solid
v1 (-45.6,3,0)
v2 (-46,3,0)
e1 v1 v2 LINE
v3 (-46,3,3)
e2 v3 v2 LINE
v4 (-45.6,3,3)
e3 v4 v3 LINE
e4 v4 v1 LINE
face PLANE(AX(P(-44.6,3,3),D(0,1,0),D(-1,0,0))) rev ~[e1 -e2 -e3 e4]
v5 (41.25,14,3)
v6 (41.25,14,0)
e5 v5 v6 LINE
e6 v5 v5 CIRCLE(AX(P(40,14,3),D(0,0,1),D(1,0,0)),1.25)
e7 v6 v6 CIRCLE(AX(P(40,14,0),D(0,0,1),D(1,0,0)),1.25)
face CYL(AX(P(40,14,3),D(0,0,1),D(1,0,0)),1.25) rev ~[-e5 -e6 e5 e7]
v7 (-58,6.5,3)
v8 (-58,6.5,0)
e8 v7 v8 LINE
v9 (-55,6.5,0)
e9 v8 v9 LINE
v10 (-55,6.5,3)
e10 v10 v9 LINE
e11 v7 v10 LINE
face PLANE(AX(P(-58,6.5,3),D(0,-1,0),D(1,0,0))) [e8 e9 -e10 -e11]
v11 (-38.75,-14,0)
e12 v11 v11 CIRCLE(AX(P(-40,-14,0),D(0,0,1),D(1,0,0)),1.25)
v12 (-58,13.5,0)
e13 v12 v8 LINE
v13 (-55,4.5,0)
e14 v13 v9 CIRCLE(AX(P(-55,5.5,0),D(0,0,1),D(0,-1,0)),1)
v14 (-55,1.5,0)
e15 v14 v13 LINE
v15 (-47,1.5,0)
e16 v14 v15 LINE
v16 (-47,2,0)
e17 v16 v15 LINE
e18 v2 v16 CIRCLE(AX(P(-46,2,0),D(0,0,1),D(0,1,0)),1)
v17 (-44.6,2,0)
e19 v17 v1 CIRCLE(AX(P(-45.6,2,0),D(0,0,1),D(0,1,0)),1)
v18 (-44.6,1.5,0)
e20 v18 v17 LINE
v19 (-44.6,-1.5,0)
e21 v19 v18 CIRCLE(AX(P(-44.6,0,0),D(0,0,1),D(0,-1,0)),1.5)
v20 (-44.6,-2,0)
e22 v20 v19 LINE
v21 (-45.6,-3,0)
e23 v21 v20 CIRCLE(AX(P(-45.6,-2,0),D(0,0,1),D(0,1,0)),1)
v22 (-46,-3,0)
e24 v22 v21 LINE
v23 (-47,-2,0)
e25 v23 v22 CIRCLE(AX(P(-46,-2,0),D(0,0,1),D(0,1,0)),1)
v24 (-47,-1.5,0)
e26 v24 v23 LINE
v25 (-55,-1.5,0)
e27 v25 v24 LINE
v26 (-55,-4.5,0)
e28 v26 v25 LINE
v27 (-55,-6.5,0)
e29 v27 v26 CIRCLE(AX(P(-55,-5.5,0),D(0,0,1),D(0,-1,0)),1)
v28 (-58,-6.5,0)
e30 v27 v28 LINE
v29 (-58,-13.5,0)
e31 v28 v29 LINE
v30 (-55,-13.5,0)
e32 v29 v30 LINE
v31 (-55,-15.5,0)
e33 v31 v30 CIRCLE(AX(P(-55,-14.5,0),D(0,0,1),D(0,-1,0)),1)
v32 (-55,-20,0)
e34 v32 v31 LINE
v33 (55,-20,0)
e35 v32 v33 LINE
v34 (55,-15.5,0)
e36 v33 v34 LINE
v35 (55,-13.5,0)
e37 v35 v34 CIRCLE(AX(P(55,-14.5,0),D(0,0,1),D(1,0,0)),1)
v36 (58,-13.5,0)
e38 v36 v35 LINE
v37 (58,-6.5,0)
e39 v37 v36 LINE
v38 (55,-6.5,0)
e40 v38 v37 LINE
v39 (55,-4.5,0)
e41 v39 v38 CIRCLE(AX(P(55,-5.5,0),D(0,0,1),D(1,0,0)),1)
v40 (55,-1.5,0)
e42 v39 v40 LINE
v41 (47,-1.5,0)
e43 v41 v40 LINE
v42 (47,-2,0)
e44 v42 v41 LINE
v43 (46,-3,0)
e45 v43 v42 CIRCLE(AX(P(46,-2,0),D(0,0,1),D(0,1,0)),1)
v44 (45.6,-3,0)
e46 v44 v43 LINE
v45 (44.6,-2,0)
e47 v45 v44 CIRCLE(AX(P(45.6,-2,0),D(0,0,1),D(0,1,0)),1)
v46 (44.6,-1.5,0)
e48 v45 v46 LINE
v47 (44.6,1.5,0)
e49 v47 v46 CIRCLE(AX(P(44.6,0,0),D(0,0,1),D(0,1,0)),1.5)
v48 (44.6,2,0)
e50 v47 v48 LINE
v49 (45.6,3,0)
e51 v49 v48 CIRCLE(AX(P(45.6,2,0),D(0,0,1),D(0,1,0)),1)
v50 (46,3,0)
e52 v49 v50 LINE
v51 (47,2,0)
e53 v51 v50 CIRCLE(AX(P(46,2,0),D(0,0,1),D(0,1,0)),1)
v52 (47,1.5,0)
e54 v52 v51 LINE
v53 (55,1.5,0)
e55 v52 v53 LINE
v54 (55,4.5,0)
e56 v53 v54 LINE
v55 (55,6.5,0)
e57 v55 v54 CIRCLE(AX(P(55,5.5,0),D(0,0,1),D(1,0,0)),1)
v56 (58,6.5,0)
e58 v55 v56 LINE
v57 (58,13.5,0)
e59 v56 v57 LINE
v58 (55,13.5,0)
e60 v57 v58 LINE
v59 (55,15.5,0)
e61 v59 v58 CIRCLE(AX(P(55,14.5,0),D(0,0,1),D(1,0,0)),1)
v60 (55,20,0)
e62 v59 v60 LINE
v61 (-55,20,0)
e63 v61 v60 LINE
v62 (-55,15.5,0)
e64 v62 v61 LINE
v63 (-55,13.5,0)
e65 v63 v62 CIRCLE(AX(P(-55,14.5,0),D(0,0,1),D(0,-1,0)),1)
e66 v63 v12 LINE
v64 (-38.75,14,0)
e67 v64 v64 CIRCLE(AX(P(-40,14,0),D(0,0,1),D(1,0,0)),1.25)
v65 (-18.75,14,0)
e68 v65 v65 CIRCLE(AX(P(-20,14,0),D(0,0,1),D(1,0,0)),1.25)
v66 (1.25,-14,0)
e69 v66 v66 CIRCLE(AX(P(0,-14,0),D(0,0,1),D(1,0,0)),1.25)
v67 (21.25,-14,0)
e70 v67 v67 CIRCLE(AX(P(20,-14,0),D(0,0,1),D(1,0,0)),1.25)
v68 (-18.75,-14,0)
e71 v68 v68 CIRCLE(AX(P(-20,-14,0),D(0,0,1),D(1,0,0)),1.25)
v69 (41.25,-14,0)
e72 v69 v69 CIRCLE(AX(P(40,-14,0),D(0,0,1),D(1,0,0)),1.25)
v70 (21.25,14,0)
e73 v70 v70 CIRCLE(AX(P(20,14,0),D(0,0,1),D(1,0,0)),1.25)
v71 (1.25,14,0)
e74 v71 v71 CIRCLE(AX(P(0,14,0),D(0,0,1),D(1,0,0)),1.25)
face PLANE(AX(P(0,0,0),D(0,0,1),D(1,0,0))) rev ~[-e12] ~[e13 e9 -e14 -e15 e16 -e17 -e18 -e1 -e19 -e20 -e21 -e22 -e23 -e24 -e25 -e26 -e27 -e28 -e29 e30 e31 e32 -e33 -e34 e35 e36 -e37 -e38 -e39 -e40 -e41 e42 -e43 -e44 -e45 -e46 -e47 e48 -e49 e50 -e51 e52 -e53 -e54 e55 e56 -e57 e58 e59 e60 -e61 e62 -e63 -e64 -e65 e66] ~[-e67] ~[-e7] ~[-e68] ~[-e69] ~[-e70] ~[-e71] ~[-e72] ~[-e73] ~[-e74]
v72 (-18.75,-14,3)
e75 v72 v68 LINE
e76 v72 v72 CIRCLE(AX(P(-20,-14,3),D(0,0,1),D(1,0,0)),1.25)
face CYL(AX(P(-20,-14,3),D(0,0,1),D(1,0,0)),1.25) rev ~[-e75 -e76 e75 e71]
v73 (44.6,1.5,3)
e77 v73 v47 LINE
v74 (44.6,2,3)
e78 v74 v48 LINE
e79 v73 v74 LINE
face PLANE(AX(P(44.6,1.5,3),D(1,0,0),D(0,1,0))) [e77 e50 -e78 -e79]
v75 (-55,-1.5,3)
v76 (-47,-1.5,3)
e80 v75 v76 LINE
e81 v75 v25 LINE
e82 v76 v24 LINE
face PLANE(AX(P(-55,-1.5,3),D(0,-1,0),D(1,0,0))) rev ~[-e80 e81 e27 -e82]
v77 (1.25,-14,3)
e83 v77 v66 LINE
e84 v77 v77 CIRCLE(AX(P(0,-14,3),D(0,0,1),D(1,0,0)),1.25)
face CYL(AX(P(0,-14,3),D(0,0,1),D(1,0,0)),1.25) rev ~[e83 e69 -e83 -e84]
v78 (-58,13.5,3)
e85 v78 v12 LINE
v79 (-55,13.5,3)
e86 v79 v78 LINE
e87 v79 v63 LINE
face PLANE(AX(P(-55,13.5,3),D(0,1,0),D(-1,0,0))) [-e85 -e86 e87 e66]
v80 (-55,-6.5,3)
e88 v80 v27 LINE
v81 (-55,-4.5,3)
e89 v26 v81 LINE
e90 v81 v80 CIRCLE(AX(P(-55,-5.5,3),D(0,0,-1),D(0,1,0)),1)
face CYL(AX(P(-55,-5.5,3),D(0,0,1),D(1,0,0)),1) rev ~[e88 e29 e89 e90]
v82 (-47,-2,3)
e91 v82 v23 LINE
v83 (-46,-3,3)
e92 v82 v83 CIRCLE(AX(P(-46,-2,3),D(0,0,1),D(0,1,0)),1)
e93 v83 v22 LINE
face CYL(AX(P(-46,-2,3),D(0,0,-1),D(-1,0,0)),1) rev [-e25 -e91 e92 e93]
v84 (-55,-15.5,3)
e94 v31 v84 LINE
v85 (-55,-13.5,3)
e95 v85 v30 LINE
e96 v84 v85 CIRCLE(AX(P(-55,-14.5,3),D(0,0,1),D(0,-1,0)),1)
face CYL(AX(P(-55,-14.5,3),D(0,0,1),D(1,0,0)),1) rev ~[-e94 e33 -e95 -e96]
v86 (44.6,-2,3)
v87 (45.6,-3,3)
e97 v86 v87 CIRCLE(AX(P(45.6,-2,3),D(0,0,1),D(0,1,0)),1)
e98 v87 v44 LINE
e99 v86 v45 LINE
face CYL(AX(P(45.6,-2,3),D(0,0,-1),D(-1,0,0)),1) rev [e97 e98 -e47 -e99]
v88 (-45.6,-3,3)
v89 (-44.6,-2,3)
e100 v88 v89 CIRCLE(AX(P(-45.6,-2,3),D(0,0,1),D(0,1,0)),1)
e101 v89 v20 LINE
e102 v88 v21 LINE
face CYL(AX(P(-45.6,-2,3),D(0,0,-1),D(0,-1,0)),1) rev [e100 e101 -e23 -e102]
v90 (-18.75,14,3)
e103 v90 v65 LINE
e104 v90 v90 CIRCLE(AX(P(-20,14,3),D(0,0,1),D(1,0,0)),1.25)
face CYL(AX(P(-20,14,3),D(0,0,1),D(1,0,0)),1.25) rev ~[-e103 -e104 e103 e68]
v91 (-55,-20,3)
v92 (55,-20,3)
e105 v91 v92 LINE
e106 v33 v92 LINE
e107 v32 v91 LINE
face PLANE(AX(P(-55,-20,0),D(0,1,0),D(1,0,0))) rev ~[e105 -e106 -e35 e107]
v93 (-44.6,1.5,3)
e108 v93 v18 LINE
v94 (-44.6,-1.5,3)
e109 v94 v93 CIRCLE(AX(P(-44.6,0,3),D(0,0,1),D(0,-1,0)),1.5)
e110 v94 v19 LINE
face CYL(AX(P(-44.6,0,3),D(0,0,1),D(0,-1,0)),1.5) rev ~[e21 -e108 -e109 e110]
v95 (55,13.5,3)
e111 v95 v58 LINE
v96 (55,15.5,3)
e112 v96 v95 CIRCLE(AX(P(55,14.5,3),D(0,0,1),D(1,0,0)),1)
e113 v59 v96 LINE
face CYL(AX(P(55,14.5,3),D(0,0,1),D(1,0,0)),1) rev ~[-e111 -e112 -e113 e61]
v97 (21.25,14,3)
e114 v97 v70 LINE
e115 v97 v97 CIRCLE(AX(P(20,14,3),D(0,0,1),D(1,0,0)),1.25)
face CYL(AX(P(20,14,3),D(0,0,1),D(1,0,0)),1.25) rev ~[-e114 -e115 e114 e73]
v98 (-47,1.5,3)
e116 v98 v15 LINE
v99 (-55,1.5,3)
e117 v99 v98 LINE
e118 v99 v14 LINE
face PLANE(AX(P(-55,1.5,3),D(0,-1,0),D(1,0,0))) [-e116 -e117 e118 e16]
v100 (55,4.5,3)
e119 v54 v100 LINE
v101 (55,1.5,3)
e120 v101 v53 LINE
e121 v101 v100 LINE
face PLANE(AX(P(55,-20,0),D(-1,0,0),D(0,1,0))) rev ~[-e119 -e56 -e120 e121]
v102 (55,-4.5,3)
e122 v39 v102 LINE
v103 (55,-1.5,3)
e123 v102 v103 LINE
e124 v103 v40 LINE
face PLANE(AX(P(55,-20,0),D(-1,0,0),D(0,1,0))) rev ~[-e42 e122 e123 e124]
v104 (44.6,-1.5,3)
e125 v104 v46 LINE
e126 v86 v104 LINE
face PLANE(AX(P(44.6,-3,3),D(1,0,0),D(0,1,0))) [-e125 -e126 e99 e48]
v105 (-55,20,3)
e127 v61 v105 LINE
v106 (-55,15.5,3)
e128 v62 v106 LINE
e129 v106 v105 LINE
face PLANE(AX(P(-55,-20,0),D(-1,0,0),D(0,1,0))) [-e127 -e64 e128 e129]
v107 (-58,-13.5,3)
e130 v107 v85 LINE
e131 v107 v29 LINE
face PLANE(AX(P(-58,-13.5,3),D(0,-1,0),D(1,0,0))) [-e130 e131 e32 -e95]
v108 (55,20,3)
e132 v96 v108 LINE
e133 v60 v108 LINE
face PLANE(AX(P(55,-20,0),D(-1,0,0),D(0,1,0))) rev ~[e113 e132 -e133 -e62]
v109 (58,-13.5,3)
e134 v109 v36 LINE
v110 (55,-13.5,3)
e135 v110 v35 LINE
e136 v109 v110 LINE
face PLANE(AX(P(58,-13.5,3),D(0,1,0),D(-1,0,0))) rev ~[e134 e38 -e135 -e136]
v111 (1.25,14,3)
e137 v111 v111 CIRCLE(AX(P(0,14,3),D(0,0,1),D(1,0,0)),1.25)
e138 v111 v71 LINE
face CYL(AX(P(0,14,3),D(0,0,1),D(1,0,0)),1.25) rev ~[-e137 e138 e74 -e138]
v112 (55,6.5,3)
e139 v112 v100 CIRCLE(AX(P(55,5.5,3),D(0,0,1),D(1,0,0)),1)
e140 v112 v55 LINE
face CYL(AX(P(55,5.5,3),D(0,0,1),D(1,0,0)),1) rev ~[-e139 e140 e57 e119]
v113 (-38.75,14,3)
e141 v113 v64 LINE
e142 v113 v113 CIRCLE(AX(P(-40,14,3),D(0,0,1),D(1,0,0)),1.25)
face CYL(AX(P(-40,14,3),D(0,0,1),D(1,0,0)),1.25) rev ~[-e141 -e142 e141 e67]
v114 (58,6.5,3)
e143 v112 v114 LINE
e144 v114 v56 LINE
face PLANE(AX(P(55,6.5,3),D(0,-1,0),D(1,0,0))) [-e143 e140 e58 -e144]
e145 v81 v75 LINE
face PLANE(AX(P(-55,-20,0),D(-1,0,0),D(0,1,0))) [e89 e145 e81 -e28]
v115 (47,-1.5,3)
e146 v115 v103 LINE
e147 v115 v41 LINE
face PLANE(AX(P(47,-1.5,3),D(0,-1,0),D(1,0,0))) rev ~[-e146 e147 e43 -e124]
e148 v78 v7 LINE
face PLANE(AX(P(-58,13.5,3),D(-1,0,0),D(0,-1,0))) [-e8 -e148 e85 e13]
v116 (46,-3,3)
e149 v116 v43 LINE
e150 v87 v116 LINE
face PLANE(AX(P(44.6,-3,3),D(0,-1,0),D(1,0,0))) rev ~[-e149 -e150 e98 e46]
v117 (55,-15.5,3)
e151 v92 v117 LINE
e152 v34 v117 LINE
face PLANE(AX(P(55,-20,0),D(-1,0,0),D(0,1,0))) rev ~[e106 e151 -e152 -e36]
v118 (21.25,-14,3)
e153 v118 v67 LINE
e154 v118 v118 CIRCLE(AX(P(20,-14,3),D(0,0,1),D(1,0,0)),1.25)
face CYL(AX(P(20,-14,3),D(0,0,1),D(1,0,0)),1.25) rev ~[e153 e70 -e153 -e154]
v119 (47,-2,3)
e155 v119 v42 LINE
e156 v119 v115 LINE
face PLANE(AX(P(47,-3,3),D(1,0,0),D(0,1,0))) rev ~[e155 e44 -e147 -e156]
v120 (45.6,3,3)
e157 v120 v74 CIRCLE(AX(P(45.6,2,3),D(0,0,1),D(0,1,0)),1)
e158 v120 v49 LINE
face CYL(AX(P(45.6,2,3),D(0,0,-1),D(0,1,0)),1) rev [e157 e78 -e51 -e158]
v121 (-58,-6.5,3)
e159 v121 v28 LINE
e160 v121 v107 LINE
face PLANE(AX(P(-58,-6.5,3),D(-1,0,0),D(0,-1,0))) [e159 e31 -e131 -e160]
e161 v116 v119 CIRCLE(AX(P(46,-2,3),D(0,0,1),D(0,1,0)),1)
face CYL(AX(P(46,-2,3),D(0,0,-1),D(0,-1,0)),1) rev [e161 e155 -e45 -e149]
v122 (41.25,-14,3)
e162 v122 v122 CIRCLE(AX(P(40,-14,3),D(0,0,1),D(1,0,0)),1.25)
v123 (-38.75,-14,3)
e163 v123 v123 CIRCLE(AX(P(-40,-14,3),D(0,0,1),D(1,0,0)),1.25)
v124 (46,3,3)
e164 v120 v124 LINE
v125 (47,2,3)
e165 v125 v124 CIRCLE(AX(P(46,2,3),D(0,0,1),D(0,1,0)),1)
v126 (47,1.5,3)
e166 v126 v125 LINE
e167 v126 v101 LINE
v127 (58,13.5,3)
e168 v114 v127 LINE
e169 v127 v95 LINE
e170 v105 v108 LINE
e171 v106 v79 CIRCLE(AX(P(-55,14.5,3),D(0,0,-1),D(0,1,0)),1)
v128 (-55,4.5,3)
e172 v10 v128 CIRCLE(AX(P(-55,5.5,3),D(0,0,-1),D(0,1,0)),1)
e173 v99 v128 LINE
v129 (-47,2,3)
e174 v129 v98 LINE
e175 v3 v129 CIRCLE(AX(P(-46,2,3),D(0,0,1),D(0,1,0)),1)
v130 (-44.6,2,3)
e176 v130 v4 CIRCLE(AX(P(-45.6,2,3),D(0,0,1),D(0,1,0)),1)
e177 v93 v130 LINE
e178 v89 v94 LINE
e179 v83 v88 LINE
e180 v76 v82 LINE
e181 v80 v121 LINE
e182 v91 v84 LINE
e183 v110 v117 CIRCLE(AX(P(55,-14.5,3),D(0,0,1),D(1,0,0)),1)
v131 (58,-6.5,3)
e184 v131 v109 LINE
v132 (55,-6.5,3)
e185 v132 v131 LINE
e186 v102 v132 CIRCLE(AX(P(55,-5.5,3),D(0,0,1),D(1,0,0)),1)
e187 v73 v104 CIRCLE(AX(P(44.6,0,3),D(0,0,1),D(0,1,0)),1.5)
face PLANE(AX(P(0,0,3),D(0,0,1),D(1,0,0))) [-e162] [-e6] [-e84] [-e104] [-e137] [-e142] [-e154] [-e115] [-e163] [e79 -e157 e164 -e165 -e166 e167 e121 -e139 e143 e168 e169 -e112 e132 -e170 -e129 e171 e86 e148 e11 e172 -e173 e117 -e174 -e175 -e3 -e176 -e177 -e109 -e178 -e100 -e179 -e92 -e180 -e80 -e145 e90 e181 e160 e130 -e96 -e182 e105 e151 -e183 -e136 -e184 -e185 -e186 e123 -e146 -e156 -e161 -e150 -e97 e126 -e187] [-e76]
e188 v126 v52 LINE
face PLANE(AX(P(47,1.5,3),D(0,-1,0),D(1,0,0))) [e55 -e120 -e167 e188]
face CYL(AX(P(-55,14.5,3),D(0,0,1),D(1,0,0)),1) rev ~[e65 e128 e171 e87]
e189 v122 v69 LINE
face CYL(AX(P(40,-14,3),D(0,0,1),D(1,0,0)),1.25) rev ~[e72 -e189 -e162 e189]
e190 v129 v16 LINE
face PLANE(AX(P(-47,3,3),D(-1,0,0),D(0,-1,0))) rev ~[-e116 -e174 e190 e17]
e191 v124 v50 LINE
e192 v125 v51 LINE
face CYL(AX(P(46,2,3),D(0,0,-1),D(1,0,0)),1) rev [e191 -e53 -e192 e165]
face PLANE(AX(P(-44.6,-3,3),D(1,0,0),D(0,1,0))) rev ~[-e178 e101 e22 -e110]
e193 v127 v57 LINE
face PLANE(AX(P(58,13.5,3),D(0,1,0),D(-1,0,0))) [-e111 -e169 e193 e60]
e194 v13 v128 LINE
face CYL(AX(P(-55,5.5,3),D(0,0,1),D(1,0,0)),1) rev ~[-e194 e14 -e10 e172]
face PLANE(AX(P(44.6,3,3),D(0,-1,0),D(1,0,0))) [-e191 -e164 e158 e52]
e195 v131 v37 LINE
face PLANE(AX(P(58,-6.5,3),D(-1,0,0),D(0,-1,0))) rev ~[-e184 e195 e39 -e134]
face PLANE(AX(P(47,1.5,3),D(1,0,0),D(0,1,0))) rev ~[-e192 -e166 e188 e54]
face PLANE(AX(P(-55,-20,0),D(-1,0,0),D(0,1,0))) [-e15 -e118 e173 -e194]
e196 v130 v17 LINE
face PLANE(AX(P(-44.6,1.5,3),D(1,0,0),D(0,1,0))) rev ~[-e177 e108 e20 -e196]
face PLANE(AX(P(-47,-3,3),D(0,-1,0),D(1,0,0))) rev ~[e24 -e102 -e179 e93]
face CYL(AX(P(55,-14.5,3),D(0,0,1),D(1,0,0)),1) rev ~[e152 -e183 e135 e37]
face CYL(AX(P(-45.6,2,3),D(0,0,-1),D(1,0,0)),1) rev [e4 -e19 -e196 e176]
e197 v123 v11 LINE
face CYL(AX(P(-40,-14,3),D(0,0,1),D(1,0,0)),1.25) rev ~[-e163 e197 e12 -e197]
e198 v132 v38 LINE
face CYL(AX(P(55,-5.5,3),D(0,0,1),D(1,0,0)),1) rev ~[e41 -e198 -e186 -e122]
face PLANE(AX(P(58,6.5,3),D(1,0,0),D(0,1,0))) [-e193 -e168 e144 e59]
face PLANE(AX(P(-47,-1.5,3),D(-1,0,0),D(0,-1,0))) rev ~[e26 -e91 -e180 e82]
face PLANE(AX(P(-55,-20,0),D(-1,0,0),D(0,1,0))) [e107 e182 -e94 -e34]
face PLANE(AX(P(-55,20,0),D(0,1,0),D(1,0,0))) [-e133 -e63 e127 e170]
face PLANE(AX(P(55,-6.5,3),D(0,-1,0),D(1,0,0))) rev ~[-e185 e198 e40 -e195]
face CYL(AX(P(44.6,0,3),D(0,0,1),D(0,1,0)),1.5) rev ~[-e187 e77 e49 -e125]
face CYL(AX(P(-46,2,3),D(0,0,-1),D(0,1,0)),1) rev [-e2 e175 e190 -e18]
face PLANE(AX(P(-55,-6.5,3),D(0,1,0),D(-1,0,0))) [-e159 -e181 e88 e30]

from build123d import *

# Parameters (mm, degrees)
SKETCH1_W           = 110
SKETCH1_H           = 40
BOSS_EXTRUDE1_DEPTH = 3
BOSS_EXTRUDE2_DEPTH = 3
SKETCH3_R           = 1
CUT_EXTRUDE1_DEPTH  = 3
SKETCH4_W           = 8
SKETCH4_H           = 3
SKETCH4_W_2         = 2.4
SKETCH4_H_2         = 6
CUT_EXTRUDE2_DEPTH  = 3
FILLET6_R           = 1
SKETCH6_R           = 1.25
CUT_EXTRUDE4_DEPTH  = 62.424750712


with BuildPart() as part:
    # Sketch1 → Boss-Extrude1 (new body)
    with BuildSketch(Plane.XY):
        Rectangle(SKETCH1_W, SKETCH1_H)
    extrude(amount=BOSS_EXTRUDE1_DEPTH)

    # Sketch2 → Boss-Extrude2 (add)
    with BuildSketch(Plane.XY.offset(3)):
        Polygon((58, 10), (58, 13.5), (55, 13.5), (55, 6.5), (58, 6.5), align=None)
        Polygon((55, -10), (55, -6.5), (58, -6.5), (58, -13.5), (55, -13.5), align=None)
        Polygon((-55, 6.5), (-55, 13.5), (-58, 13.5), (-58, 10), (-58, 6.5), align=None)
        Polygon((-55, -13.5), (-55, -10), (-55, -6.5), (-58, -6.5), (-58, -13.5), align=None)
    extrude(amount=-BOSS_EXTRUDE2_DEPTH)

    # Sketch3 → Cut-Extrude1 (cut)
    with BuildSketch(Plane.XY.offset(3)):
        with Locations((-55, 14.5)):
            Circle(SKETCH3_R)
        with Locations((-55, 5.5)):
            Circle(SKETCH3_R)
        with Locations((-55, -5.5)):
            Circle(SKETCH3_R)
        with Locations((-55, -14.5)):
            Circle(SKETCH3_R)
        with Locations((55, 14.5)):
            Circle(SKETCH3_R)
        with Locations((55, 5.5)):
            Circle(SKETCH3_R)
        with Locations((55, -5.5)):
            Circle(SKETCH3_R)
        with Locations((55, -14.5)):
            Circle(SKETCH3_R)
    extrude(amount=-CUT_EXTRUDE1_DEPTH, mode=Mode.SUBTRACT)

    # Sketch4 → Cut-Extrude2 (cut)
    with BuildSketch(Plane.XY.offset(3)):
        with Locations((-51, 0)):
            Rectangle(SKETCH4_W, SKETCH4_H)
        Polygon((-47, 3), (-47, 1.5), (-47, -1.5), (-47, -3), (-44.6, -3), (-44.6, -1.5), (-44.6, 1.5), (-44.6, 3), align=None)
        with BuildLine():
            ThreePointArc((-44.6, -1.5), (-43.1, 0), (-44.6, 1.5))
            Line((-44.6, 1.5), (-44.6, -1.5))
        make_face()
        with Locations((45.8, 0)):
            Rectangle(SKETCH4_W_2, SKETCH4_H_2)
        with BuildLine():
            Line((44.6, -1.5), (44.6, 1.5))
            ThreePointArc((44.6, 1.5), (43.1, 0), (44.6, -1.5))
        make_face()
        with Locations((51, 0)):
            Rectangle(SKETCH4_W, SKETCH4_H)
    extrude(amount=-CUT_EXTRUDE2_DEPTH, mode=Mode.SUBTRACT)

    # Fillet6
    fillet6_edges = [part.edges().sort_by_distance(p)[0] for p in [
        (-47, 3, 1.5),
        (-44.6, 3, 1.5),
        (-44.6, -3, 1.5),
        (-47, -3, 1.5),
        (47, 3, 1.5),
        (47, -3, 1.5),
        (44.6, -3, 1.5),
        (44.6, 3, 1.5),
    ]]
    fillet(fillet6_edges, radius=FILLET6_R)

    # Sketch6 → Cut-Extrude4 (cut, through all)
    with BuildSketch(Plane.XY.offset(3)):
        with Locations((-40, -14)):
            Circle(SKETCH6_R)
        with Locations((-20, -14)):
            Circle(SKETCH6_R)
        with Locations((0, -14)):
            Circle(SKETCH6_R)
        with Locations((20, -14)):
            Circle(SKETCH6_R)
        with Locations((40, -14)):
            Circle(SKETCH6_R)
        with Locations((40, 14)):
            Circle(SKETCH6_R)
        with Locations((20, 14)):
            Circle(SKETCH6_R)
        with Locations((0, 14)):
            Circle(SKETCH6_R)
        with Locations((-20, 14)):
            Circle(SKETCH6_R)
        with Locations((-40, 14)):
            Circle(SKETCH6_R)
    extrude(amount=-CUT_EXTRUDE4_DEPTH, mode=Mode.SUBTRACT)


solid = part.part
